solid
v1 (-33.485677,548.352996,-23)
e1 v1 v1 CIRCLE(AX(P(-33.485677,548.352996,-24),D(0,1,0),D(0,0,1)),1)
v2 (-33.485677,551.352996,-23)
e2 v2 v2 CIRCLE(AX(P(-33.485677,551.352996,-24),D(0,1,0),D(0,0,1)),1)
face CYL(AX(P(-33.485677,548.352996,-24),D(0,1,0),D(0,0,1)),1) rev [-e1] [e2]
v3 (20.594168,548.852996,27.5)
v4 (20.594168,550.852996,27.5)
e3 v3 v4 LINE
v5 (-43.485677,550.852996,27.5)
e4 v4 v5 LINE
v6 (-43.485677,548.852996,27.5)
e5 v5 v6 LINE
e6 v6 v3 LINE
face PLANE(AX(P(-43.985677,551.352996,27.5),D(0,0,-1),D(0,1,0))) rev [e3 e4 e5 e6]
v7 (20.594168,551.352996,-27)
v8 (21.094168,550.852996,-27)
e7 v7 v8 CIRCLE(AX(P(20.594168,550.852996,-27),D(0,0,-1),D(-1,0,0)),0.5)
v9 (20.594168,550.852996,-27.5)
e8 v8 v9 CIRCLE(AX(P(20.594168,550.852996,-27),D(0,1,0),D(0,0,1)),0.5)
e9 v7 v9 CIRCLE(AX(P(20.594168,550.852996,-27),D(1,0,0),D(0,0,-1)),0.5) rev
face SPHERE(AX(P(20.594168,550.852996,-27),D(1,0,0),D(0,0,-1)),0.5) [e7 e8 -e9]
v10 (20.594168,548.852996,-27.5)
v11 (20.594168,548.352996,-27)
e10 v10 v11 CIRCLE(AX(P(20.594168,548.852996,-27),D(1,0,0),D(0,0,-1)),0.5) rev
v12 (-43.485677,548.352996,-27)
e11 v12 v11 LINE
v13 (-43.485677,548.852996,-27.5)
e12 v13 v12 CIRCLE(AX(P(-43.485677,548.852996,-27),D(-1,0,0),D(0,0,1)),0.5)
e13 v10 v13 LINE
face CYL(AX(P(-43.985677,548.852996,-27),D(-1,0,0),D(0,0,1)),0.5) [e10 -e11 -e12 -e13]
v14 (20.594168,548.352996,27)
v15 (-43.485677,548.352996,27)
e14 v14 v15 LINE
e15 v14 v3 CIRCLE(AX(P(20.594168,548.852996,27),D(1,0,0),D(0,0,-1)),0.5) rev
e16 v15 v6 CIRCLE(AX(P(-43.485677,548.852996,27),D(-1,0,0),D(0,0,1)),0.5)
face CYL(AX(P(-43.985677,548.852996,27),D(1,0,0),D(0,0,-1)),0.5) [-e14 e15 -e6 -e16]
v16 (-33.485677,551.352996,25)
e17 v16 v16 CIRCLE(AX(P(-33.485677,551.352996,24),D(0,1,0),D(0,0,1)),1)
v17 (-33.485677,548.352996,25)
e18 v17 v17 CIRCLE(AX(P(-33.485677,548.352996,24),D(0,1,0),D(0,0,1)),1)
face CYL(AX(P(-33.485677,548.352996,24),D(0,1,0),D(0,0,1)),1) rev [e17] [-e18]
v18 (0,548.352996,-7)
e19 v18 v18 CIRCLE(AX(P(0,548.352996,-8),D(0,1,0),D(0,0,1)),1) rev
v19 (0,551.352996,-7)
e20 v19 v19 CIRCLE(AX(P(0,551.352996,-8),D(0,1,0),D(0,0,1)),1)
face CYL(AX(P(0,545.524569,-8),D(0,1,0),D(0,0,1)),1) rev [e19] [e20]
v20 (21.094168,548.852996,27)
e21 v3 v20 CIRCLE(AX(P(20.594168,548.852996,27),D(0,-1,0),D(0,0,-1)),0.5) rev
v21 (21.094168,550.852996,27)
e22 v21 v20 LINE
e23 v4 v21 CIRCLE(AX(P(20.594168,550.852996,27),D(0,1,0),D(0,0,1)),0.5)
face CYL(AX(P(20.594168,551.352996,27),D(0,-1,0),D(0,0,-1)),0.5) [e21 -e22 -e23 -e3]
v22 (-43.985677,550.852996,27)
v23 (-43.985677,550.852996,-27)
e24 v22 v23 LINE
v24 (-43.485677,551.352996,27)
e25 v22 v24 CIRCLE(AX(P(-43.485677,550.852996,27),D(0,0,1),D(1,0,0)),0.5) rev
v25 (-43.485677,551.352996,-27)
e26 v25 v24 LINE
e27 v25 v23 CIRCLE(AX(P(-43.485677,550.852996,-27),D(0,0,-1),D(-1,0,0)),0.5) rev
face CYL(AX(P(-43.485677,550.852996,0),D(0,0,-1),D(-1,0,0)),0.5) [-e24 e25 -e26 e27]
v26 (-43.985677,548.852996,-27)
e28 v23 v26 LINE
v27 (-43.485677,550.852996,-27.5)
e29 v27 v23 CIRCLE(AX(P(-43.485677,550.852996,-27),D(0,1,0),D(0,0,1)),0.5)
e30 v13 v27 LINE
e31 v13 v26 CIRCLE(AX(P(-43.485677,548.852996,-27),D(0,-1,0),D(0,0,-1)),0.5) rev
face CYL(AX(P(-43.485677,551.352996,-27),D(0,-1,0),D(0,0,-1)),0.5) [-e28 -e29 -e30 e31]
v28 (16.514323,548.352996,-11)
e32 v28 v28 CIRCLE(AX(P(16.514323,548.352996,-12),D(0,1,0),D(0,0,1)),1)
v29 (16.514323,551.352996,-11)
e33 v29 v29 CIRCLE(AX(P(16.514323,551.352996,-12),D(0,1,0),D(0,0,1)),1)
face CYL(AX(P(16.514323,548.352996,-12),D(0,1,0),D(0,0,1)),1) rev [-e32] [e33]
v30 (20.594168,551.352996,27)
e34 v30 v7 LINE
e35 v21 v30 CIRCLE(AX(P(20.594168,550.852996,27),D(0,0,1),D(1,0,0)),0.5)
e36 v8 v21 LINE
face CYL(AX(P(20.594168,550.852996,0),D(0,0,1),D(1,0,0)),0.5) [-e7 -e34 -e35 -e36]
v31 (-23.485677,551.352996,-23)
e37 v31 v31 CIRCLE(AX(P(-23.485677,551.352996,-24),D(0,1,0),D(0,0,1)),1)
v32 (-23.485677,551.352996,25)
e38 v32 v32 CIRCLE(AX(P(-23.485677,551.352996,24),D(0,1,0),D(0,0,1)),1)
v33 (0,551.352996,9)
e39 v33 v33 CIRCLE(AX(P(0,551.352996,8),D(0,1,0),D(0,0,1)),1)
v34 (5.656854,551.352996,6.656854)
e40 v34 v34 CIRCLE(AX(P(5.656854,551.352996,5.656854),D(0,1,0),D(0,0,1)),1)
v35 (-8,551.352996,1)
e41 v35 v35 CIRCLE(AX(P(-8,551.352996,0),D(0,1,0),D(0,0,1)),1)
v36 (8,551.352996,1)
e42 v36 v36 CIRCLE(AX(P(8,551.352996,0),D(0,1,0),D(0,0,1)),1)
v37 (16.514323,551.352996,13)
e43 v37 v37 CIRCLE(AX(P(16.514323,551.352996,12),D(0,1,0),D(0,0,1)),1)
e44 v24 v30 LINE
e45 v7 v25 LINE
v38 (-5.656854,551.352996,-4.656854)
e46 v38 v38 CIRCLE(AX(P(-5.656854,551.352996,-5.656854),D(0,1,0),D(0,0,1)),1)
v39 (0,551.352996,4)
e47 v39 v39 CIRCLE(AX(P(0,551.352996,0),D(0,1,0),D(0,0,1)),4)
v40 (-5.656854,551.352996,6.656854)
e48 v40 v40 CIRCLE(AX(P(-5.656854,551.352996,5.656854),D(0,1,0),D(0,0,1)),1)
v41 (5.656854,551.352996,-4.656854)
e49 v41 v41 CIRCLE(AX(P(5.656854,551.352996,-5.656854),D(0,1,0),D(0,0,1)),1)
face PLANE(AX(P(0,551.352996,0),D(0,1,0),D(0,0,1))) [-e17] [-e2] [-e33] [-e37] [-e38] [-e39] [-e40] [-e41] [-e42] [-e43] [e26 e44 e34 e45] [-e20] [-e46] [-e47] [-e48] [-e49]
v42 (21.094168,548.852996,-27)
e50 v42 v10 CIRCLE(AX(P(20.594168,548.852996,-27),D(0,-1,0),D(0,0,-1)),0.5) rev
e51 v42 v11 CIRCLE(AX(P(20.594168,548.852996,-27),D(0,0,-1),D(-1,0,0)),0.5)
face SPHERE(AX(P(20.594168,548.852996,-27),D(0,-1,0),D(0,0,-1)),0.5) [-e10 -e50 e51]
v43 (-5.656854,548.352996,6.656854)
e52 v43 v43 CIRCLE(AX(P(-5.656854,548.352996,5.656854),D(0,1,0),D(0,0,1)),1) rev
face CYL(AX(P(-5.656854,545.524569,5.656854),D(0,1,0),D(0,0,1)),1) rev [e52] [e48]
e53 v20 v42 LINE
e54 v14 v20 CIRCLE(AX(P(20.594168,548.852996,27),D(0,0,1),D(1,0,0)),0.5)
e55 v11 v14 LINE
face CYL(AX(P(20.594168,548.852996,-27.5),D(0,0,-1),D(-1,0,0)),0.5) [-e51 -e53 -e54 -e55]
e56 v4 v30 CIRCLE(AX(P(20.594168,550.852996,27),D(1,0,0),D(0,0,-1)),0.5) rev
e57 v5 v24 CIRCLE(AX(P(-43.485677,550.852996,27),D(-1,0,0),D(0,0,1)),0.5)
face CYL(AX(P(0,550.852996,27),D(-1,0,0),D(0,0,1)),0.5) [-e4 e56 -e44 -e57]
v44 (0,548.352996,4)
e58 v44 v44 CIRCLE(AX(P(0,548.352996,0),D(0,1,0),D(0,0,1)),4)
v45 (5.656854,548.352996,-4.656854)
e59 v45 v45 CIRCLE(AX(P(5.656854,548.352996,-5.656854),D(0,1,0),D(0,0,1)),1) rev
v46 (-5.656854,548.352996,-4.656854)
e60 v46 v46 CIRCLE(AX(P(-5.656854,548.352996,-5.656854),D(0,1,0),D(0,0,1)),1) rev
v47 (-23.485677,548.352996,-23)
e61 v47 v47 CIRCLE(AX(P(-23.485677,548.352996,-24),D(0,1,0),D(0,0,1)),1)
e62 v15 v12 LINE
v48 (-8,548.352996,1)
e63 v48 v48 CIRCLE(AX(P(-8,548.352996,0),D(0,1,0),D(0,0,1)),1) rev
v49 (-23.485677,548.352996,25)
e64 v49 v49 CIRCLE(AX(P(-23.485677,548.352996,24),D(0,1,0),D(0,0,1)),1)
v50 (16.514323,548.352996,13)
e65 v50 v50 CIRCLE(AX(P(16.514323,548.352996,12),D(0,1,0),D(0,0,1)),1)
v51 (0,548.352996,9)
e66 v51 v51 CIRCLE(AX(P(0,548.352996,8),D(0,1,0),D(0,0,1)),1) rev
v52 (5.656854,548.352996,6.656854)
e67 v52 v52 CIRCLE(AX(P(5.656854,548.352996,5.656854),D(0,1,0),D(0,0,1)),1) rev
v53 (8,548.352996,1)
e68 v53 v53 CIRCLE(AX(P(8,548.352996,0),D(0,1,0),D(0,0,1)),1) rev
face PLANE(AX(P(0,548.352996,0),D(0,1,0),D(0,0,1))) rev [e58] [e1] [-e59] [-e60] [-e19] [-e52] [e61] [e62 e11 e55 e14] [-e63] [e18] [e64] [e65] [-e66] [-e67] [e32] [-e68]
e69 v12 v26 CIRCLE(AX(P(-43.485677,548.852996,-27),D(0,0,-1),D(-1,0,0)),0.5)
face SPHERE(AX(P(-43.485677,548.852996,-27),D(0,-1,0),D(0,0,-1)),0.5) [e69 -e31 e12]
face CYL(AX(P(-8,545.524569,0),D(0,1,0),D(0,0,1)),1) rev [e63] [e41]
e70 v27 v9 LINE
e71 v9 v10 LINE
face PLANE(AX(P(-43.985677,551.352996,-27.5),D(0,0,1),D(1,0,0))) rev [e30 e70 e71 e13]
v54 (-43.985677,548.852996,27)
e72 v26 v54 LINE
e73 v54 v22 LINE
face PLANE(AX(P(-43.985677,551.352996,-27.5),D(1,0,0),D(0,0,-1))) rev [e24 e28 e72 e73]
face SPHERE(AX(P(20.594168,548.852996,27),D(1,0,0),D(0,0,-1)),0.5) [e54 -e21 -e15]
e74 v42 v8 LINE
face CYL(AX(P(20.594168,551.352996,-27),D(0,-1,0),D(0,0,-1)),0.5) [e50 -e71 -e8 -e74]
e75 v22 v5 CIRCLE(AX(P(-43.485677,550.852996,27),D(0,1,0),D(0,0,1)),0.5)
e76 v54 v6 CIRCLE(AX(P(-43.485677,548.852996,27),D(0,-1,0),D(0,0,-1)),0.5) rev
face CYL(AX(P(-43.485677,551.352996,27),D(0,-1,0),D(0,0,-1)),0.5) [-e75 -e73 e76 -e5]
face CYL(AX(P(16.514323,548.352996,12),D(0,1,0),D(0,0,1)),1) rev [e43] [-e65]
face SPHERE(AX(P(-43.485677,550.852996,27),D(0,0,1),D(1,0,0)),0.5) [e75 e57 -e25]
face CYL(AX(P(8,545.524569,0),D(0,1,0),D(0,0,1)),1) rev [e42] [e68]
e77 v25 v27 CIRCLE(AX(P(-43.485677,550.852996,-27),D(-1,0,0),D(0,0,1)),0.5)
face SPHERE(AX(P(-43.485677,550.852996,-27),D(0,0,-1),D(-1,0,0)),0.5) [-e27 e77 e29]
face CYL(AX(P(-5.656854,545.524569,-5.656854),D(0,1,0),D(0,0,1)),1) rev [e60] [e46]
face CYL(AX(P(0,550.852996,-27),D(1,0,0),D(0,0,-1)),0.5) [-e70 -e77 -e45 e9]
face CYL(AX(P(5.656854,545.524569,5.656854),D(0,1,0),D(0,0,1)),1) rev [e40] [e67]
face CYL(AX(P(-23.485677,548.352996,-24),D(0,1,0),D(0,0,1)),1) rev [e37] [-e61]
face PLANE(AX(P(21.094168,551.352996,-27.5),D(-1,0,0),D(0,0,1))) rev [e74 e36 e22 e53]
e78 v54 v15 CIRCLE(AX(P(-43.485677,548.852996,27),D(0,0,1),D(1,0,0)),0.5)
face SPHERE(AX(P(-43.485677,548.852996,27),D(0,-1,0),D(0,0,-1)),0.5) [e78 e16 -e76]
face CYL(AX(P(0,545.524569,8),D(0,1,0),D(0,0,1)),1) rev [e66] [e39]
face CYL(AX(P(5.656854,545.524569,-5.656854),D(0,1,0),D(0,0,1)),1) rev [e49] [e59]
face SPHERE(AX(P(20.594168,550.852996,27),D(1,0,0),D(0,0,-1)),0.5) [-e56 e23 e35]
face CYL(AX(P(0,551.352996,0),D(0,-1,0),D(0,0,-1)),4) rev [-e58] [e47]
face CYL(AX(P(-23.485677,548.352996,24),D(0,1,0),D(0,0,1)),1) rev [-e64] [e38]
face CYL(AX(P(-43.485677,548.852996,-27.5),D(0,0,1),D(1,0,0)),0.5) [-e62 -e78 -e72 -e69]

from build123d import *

# Parameters (mm, degrees)
SKETCH1_W           = 65.079845806
SKETCH1_H           = 55
SKETCH1_R           = 4
BOSS_EXTRUDE1_DEPTH = 3
SKETCH2_R           = 1
CUT_EXTRUDE1_DEPTH  = 3
FILLET1_R           = 0.5
SKETCH3_R           = 1
CUT_EXTRUDE2_DEPTH  = 52.961426281


with BuildPart() as part:
    # Sketch1 → Boss-Extrude1 (new body)
    with BuildSketch(Plane(origin=(0, 548.352995908, 0), x_dir=(1, 0, 0), z_dir=(0, 1, 0))):
        with Locations((-11.445754552, 0)):
            Rectangle(SKETCH1_W, SKETCH1_H)
        with Locations(Location((0, 0, 0), (0, 0, 270))):
            Circle(SKETCH1_R, mode=Mode.SUBTRACT)
    extrude(amount=BOSS_EXTRUDE1_DEPTH)

    # Sketch2 → Cut-Extrude1 (cut)
    with BuildSketch(Plane(origin=(0, 551.352995908, 0), x_dir=(1, 0, 0), z_dir=(0, 1, 0))):
        with Locations(Location((0, 8, 0), (0, 0, 270))):
            Circle(SKETCH2_R)
        with Locations(Location((5.656854249, 5.656854249, 0), (0, 0, 270))):
            Circle(SKETCH2_R)
        with Locations(Location((8, 0, 0), (0, 0, 270))):
            Circle(SKETCH2_R)
        with Locations(Location((5.656854249, -5.656854249, 0), (0, 0, 270))):
            Circle(SKETCH2_R)
        with Locations(Location((0, -8, 0), (0, 0, 270))):
            Circle(SKETCH2_R)
        with Locations(Location((-5.656854249, -5.656854249, 0), (0, 0, 270))):
            Circle(SKETCH2_R)
        with Locations(Location((-8, 0, 0), (0, 0, 270))):
            Circle(SKETCH2_R)
        with Locations(Location((-5.656854249, 5.656854249, 0), (0, 0, 270))):
            Circle(SKETCH2_R)
    extrude(amount=-CUT_EXTRUDE1_DEPTH, mode=Mode.SUBTRACT)

    # Fillet1
    fillet1_edges = [part.edges().sort_by_distance(p)[0] for p in [
        (21.094168351, 551.352995908, 0),
        (-11.445754552, 551.352995908, -27.5),
        (-43.985677455, 551.352995908, 0),
        (-11.445754552, 548.352995908, -27.5),
        (21.094168351, 548.352995908, 0),
        (-11.445754552, 548.352995908, 27.5),
        (-43.985677455, 548.352995908, 0),
        (-43.985677455, 549.852995908, -27.5),
        (21.094168351, 549.852995908, -27.5),
        (21.094168351, 549.852995908, 27.5),
        (-43.985677455, 549.852995908, 27.5),
        (-11.445754552, 551.352995908, 27.5),
    ]]
    fillet(fillet1_edges, radius=FILLET1_R)

    # Sketch3 → Cut-Extrude2 (cut, through all)
    with BuildSketch(Plane(origin=(0, 551.352995908, 0), x_dir=(1, 0, 0), z_dir=(0, 1, 0))):
        with Locations(Location((-33.485677455, -24, 0), (0, 0, 270))):
            Circle(SKETCH3_R)
        with Locations(Location((-23.485677455, -24, 0), (0, 0, 270))):
            Circle(SKETCH3_R)
        with Locations(Location((16.514322545, -12, 0), (0, 0, 270))):
            Circle(SKETCH3_R)
        with Locations(Location((16.514322545, 12, 0), (0, 0, 270))):
            Circle(SKETCH3_R)
        with Locations(Location((-23.485677455, 24, 0), (0, 0, 270))):
            Circle(SKETCH3_R)
        with Locations(Location((-33.485677455, 24, 0), (0, 0, 270))):
            Circle(SKETCH3_R)
    extrude(amount=-CUT_EXTRUDE2_DEPTH, mode=Mode.SUBTRACT)


solid = part.part
